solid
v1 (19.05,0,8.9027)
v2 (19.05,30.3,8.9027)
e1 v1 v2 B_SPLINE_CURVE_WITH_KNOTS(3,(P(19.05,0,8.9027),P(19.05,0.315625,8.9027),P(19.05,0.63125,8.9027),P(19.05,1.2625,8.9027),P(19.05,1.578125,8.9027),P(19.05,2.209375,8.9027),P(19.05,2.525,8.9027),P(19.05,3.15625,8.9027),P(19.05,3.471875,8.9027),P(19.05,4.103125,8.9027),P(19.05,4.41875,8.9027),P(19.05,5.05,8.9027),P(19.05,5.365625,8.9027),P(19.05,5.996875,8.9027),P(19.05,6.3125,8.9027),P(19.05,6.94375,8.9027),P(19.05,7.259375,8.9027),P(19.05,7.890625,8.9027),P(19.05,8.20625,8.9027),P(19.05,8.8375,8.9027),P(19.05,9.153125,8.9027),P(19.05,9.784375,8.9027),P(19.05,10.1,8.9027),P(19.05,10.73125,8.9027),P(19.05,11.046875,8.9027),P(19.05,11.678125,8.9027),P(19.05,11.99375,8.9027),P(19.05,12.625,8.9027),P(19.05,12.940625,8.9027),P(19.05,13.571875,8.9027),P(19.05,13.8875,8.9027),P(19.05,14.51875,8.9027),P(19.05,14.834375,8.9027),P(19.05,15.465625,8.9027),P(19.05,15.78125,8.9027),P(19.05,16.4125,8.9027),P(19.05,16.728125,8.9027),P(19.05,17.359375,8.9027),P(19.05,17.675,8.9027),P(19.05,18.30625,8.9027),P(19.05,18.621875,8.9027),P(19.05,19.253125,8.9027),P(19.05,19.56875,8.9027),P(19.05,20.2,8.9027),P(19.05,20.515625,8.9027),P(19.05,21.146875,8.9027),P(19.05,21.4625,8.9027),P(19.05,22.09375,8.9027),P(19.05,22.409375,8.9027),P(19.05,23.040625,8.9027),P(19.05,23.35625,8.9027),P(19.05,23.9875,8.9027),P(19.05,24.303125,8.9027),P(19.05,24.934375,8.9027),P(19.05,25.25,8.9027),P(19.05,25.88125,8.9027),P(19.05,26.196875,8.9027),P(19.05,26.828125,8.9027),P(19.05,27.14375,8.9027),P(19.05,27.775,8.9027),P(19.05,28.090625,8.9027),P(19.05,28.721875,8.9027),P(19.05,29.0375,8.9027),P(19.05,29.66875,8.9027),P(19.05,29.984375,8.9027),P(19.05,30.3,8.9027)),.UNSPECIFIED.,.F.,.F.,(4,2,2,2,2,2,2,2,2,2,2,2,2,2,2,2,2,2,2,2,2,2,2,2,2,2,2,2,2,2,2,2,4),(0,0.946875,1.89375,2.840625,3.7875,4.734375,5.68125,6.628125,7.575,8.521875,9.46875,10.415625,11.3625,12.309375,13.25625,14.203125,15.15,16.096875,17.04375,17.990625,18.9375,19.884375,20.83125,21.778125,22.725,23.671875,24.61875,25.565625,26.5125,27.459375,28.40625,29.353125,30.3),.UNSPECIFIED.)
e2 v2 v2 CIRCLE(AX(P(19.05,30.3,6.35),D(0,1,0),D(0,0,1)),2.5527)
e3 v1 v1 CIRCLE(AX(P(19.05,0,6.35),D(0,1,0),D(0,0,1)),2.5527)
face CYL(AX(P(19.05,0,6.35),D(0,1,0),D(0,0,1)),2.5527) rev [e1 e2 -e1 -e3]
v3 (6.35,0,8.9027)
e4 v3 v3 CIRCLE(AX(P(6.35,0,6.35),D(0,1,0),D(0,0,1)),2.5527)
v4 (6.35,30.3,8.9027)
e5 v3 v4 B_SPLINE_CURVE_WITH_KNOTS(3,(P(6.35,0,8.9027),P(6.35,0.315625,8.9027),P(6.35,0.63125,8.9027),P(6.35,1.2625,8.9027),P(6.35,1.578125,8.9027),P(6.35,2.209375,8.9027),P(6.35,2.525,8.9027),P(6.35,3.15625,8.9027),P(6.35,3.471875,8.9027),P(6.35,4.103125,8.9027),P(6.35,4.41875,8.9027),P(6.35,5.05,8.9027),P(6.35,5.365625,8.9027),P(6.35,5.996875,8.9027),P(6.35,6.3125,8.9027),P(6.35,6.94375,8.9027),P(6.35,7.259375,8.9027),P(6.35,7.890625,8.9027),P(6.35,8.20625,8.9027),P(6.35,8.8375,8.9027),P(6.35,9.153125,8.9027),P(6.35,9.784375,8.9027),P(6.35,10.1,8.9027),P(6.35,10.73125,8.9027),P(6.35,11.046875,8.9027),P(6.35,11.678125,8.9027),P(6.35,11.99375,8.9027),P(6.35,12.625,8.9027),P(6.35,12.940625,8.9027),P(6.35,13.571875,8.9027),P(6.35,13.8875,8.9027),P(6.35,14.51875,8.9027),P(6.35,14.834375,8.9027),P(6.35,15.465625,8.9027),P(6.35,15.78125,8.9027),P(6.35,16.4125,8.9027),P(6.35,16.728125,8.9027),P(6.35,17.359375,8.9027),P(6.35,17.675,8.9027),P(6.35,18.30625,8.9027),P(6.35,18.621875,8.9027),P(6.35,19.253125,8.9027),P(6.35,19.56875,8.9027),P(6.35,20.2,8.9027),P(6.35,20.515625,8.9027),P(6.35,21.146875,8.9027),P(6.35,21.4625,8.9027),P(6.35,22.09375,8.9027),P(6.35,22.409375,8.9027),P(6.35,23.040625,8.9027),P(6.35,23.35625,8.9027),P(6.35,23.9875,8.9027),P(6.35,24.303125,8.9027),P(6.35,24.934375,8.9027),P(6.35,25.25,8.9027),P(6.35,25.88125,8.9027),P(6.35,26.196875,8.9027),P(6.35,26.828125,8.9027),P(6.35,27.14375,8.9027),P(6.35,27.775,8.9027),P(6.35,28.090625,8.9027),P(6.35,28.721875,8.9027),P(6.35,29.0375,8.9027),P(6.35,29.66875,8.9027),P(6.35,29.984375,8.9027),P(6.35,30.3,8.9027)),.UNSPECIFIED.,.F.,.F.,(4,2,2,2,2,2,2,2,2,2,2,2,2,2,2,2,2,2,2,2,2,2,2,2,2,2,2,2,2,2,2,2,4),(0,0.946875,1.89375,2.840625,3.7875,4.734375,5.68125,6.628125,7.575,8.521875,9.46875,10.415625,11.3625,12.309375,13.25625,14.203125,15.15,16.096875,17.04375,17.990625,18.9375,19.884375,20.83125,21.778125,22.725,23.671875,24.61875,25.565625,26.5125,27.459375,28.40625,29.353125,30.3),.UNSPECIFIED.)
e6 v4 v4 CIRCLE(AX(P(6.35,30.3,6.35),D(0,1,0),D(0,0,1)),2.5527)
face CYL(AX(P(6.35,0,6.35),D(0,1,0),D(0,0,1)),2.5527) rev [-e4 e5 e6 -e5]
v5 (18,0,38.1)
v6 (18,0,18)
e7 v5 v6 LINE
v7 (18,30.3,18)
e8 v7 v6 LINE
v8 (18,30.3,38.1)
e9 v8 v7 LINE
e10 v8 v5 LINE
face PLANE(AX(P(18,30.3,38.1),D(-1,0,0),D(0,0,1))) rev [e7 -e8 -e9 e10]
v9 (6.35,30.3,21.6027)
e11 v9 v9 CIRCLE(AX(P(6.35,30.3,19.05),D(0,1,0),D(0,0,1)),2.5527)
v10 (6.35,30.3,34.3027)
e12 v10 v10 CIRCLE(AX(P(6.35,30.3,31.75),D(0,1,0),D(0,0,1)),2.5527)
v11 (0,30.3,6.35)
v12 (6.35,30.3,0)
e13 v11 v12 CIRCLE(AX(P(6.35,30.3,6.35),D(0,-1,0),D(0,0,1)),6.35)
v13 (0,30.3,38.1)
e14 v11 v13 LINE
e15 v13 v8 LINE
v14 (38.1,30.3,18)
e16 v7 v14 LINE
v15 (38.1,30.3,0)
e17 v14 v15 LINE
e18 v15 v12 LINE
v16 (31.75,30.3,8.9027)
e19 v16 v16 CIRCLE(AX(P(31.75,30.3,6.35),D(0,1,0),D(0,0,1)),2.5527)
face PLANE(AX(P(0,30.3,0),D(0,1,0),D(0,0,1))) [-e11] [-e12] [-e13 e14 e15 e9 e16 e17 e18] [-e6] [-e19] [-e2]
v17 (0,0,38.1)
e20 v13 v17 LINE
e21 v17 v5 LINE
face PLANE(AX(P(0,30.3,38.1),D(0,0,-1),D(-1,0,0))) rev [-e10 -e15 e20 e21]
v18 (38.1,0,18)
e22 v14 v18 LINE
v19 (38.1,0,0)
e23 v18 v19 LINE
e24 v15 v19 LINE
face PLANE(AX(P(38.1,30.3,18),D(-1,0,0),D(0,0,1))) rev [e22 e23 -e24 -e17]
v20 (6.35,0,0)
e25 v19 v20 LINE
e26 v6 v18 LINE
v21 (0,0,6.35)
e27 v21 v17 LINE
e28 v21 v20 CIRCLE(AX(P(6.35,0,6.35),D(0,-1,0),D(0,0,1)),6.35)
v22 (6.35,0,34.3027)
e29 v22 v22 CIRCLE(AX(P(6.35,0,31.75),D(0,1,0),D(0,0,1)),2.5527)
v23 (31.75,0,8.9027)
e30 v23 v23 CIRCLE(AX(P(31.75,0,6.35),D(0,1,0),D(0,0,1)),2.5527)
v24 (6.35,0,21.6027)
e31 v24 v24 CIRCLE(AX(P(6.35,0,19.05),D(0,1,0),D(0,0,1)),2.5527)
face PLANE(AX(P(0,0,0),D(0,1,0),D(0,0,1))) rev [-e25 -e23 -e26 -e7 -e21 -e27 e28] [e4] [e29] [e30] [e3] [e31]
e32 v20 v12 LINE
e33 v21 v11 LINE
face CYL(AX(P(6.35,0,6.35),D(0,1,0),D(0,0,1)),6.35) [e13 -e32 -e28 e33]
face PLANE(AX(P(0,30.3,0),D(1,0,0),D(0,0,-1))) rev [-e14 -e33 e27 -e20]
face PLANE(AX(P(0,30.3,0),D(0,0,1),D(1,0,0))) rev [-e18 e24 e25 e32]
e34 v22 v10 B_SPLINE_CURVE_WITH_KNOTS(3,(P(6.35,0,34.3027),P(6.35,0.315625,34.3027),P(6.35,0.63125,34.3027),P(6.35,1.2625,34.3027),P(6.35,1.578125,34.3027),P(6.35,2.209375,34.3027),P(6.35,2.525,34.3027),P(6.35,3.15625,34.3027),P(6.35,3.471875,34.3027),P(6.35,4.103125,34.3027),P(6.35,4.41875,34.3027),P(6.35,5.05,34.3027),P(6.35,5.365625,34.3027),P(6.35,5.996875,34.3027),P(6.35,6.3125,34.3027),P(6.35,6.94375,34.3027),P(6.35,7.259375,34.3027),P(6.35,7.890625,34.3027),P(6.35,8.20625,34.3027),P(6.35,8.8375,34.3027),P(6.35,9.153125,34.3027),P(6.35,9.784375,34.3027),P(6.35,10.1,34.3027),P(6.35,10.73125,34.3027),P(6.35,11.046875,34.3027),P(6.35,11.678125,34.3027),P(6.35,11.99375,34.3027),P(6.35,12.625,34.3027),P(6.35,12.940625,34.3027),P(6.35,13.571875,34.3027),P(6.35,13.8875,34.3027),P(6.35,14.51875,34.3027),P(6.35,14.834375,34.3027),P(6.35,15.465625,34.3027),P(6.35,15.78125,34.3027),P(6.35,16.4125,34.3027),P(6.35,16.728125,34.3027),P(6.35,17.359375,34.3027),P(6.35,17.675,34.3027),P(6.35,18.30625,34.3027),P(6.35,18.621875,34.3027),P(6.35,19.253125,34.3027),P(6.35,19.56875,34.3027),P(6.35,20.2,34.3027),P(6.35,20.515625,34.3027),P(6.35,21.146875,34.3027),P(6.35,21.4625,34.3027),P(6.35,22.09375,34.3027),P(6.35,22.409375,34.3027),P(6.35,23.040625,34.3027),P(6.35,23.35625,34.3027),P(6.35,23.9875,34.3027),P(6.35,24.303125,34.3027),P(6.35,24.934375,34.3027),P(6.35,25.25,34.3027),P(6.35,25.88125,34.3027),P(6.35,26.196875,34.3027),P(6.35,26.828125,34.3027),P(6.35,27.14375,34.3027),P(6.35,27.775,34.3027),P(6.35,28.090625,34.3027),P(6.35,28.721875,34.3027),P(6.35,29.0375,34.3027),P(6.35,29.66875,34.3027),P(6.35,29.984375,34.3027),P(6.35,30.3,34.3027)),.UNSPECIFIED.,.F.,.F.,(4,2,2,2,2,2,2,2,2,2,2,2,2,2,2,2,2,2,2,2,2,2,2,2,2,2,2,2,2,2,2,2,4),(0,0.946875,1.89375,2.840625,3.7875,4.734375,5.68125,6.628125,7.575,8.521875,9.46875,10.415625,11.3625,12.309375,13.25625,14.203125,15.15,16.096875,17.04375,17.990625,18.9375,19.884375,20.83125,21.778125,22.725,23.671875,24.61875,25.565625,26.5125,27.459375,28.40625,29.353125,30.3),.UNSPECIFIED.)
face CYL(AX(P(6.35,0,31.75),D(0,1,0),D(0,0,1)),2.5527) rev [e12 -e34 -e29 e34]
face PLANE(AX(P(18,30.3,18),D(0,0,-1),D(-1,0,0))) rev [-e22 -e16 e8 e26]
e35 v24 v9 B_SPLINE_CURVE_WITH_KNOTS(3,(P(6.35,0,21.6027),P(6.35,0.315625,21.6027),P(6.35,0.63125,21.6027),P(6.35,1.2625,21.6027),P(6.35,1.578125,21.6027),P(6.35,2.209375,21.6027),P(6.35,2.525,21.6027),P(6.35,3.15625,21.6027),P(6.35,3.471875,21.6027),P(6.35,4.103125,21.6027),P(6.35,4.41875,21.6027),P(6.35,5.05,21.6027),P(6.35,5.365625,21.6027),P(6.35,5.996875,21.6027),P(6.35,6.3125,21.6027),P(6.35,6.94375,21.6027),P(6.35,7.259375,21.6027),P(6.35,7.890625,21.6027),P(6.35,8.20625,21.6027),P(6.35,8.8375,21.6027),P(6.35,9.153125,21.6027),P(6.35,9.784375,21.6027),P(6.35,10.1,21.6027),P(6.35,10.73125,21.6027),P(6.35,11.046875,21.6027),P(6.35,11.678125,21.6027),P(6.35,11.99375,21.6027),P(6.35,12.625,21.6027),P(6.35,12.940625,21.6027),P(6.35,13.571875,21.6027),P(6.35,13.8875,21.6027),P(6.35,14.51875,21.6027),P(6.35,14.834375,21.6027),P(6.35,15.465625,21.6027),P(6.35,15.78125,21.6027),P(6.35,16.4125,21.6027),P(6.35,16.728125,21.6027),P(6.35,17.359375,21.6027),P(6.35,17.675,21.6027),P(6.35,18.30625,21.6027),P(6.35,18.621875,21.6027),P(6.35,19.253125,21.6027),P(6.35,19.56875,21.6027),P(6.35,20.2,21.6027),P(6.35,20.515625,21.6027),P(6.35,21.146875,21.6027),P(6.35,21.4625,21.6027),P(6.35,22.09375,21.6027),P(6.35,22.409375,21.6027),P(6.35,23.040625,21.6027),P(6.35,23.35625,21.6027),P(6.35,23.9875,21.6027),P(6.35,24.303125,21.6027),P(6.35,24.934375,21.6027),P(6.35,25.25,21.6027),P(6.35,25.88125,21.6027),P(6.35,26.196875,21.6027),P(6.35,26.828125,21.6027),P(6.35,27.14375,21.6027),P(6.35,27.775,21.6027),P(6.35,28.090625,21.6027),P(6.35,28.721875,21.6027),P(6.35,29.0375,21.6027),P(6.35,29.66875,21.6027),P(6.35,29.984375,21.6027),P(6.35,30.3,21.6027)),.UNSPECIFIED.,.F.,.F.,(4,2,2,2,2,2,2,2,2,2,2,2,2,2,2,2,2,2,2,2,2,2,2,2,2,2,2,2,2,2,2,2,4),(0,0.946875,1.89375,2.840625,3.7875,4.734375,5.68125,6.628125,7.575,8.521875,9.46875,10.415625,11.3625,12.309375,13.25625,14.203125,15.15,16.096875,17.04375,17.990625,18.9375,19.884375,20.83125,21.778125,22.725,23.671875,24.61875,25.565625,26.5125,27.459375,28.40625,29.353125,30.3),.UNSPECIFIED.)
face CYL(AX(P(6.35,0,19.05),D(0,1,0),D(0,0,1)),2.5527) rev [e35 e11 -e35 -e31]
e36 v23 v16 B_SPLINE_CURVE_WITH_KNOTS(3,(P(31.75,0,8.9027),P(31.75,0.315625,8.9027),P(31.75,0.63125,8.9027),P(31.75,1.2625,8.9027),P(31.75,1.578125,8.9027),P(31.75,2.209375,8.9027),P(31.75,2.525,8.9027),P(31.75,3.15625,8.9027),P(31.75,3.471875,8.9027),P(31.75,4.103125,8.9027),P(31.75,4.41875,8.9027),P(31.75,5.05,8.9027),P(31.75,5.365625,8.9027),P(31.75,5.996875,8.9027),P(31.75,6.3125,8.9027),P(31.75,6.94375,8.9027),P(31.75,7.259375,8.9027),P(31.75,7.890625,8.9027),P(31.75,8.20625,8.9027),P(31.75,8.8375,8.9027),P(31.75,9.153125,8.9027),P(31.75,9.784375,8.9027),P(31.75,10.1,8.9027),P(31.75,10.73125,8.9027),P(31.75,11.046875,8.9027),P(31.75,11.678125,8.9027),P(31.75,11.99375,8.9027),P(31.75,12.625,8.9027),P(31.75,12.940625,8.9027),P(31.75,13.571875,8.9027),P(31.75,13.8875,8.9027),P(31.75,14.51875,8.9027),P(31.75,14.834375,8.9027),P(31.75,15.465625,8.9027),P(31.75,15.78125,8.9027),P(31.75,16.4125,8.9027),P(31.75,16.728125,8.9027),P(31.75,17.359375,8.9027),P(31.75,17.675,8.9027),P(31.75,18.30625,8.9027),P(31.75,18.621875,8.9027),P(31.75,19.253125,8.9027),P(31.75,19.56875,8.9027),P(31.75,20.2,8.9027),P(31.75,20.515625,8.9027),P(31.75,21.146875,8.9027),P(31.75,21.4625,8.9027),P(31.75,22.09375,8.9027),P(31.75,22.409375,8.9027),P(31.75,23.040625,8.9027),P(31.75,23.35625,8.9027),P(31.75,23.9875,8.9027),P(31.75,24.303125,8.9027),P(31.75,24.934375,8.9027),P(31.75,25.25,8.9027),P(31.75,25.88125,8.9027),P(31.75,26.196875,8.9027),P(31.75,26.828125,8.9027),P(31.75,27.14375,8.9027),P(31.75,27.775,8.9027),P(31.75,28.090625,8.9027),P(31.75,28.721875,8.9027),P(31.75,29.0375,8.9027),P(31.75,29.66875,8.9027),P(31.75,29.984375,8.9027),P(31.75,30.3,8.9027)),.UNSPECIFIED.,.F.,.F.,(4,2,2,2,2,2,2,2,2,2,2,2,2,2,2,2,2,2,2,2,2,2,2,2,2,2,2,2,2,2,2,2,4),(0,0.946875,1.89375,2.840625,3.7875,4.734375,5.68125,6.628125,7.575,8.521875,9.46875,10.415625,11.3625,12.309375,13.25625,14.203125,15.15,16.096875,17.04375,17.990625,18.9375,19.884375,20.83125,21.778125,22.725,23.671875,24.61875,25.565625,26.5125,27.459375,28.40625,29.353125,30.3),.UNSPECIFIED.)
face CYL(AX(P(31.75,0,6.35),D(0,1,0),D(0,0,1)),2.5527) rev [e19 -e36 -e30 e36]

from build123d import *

# Parameters (mm, degrees)
BOSS_EXTRUDE1_DEPTH = 30.3
SKETCH2_R           = 2.5527
CUT_EXTRUDE1_DEPTH  = 62.816745304
CUT_EXTRUDE2_DEPTH  = 62.816745304


with BuildPart() as part:
    # Sketch1 → Boss-Extrude1 (new body)
    with BuildSketch(Plane(origin=(0, 0, 0), x_dir=(1, 0, 0), z_dir=(0, 1, 0))):
        Polygon((0, 0), (38.1, 0), (38.1, -18), (18, -18), (18, -38.1), (0, -38.1), align=None)
    extrude(amount=BOSS_EXTRUDE1_DEPTH)

    # Sketch2 → Cut-Extrude1 (cut, through all)
    with BuildSketch(Plane(origin=(0, 30.3, 0), x_dir=(1, 0, 0), z_dir=(0, 1, 0))):
        with Locations(Location((6.35, -6.35, 0), (0, 0, 270))):
            Circle(SKETCH2_R)
        with Locations(Location((19.05, -6.35, 0), (0, 0, 270))):
            Circle(SKETCH2_R)
        with Locations(Location((31.75, -6.35, 0), (0, 0, 270))):
            Circle(SKETCH2_R)
        with Locations(Location((6.35, -19.05, 0), (0, 0, 270))):
            Circle(SKETCH2_R)
        with Locations(Location((6.35, -31.75, 0), (0, 0, 270))):
            Circle(SKETCH2_R)
    extrude(amount=-CUT_EXTRUDE1_DEPTH, mode=Mode.SUBTRACT)

    # Sketch3 → Cut-Extrude2 (cut, through all)
    with BuildSketch(Plane(origin=(0, 30.3, 0), x_dir=(1, 0, 0), z_dir=(0, 1, 0))):
        with BuildLine():
            Line((0, -6.35), (-3.023343313, -6.35))
            Line((-3.023343313, -6.35), (-3.023343313, 2.931868043))
            Line((-3.023343313, 2.931868043), (6.35, 2.931868043))
            Line((6.35, 2.931868043), (6.35, 0))
            ThreePointArc((6.35, 0), (1.859871939, -1.859871939), (0, -6.35))
        make_face()
    extrude(amount=-CUT_EXTRUDE2_DEPTH, mode=Mode.SUBTRACT)


solid = part.part
